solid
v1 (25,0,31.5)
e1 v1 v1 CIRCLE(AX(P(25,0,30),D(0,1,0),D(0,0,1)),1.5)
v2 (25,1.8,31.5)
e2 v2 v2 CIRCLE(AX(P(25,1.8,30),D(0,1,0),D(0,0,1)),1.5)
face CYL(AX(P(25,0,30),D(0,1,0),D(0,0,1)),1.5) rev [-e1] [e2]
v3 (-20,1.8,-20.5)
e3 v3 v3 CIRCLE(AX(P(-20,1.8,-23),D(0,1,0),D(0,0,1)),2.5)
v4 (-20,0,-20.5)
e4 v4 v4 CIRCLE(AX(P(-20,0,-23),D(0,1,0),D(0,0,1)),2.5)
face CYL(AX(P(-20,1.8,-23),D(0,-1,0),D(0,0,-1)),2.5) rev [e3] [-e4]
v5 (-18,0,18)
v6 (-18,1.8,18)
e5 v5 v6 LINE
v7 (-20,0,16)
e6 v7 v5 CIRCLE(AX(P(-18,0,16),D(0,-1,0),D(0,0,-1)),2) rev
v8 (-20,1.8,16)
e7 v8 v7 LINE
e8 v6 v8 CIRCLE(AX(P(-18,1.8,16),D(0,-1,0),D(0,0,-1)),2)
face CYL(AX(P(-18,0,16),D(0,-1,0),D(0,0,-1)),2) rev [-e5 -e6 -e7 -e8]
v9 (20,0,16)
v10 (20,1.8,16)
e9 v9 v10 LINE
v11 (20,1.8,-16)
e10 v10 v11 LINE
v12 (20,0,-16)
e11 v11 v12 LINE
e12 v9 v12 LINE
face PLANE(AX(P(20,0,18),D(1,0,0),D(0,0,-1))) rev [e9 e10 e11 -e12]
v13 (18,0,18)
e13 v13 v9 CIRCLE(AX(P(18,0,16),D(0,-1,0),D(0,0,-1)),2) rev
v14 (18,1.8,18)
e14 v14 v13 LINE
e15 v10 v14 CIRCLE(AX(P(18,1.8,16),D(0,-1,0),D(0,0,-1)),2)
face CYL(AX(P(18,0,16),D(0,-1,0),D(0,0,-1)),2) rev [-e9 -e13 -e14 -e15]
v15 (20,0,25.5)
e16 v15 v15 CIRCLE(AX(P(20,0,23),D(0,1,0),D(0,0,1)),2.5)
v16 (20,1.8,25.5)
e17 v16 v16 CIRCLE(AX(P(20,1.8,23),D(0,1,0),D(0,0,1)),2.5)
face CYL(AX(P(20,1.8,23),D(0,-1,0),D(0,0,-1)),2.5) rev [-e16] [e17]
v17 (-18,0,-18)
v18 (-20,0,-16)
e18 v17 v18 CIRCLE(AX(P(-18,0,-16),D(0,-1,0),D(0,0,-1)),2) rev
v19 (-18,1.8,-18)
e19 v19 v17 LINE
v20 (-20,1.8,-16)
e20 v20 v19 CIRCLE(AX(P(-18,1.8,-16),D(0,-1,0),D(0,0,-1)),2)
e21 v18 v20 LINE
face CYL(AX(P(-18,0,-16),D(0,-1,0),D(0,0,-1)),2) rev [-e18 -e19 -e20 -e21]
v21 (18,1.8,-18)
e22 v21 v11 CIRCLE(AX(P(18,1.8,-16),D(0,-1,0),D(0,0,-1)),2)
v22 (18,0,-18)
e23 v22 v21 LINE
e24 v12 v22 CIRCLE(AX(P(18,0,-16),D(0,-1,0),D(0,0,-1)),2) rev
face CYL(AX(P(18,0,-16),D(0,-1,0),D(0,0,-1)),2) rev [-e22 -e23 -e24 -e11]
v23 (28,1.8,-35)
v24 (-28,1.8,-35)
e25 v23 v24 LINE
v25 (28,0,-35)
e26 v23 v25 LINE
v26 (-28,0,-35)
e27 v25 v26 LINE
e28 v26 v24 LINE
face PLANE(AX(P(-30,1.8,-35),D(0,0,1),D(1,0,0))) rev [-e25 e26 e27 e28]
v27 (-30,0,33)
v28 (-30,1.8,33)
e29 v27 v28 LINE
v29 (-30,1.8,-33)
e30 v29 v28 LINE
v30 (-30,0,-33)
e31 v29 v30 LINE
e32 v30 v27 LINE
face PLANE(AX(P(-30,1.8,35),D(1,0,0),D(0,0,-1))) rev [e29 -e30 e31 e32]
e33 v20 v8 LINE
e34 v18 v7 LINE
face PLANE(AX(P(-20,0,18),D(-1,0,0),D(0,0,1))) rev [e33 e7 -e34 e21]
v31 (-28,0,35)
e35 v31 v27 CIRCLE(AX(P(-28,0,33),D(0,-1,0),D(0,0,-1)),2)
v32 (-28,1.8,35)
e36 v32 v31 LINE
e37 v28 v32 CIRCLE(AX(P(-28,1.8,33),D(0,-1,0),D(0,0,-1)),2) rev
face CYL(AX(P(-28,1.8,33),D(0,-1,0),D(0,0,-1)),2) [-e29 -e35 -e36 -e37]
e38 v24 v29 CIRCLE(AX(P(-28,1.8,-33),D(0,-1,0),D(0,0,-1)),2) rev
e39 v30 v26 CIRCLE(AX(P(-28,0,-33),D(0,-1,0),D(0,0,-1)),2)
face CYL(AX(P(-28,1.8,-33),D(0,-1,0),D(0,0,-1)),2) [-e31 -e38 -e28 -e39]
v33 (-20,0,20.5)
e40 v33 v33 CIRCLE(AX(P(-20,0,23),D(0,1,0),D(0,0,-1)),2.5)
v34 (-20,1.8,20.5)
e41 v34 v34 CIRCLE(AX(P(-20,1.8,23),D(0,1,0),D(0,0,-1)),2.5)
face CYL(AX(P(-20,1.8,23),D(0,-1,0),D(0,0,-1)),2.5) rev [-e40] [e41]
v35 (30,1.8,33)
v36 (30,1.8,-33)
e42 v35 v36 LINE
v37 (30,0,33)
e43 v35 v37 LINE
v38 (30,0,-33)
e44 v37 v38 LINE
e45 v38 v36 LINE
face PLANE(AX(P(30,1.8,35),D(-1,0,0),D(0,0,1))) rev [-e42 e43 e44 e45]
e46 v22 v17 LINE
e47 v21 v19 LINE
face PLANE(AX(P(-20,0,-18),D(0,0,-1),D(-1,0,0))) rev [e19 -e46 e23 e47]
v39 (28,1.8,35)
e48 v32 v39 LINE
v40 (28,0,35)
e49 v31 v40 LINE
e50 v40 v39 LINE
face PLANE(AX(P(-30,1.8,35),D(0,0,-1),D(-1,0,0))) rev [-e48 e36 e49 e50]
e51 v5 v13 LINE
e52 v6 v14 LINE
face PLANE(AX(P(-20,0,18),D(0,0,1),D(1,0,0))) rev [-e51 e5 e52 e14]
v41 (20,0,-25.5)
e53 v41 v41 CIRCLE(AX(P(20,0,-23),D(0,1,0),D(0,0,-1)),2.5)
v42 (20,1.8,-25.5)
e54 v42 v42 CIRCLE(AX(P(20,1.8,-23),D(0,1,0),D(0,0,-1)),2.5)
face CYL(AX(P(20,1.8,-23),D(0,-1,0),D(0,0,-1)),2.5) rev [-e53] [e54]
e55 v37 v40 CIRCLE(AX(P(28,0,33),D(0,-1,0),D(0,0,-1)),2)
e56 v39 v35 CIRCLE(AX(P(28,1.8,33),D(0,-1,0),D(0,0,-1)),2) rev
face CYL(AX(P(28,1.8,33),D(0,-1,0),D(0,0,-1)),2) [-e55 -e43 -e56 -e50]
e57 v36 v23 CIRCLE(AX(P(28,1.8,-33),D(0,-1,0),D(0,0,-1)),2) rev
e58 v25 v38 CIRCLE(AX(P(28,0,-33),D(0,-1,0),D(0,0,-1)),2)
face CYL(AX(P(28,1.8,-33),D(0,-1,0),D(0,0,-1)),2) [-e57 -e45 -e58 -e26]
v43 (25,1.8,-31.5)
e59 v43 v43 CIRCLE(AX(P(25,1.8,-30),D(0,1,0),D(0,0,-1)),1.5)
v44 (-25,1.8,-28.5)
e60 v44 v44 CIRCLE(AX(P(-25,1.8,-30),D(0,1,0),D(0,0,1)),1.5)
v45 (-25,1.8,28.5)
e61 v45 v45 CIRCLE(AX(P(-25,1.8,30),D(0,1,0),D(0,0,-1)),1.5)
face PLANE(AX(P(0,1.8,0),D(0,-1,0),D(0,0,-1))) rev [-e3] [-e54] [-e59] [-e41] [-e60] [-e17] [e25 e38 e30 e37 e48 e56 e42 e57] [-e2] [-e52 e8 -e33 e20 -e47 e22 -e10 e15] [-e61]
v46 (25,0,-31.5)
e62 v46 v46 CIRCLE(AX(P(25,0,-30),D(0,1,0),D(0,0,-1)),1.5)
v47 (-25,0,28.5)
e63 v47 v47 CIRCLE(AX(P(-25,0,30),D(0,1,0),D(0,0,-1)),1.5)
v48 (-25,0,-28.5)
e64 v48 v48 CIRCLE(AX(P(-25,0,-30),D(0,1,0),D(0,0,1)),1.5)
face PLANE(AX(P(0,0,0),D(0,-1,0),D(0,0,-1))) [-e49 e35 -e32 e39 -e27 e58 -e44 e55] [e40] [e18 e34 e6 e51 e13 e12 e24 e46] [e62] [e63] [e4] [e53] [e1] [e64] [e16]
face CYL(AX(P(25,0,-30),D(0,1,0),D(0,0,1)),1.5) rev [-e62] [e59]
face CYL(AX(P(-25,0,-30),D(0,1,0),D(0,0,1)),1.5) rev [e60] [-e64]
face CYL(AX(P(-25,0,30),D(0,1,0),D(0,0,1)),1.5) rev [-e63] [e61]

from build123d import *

# Parameters (mm, degrees)
SKETCH_1_W          = 60
SKETCH_1_H          = 70
SKETCH_1_R          = 2.5
EXTRUDE_1_DEPTH     = 1.8
SKETCH_2_R          = 1.5
SKETCH_2_W          = 40
SKETCH_2_H          = 36
CUT_EXTRUDE_1_DEPTH = 47.132851635
FILLET_1_R          = 2


with BuildPart() as part:
    # 草图1 → 凸台-拉伸1 (new body)
    with BuildSketch(Plane(origin=(0, 0, 0), x_dir=(1, 0, 0), z_dir=(0, 1, 0))):
        Rectangle(SKETCH_1_W, SKETCH_1_H)
        with Locations(Location((-20, 23, 0), (0, 0, 270))):
            Circle(SKETCH_1_R, mode=Mode.SUBTRACT)
        with Locations(Location((20, 23, 0), (0, 0, 90))):
            Circle(SKETCH_1_R, mode=Mode.SUBTRACT)
        with Locations(Location((20, -23, 0), (0, 0, 270))):
            Circle(SKETCH_1_R, mode=Mode.SUBTRACT)
        with Locations(Location((-20, -23, 0), (0, 0, 90))):
            Circle(SKETCH_1_R, mode=Mode.SUBTRACT)
    extrude(amount=EXTRUDE_1_DEPTH)

    # 草图2 → 切除-拉伸1 (cut, through all)
    with BuildSketch(Plane(origin=(0, 1.8, 0), x_dir=(1, 0, 0), z_dir=(0, 1, 0))):
        with Locations(Location((-25, 30, 0), (0, 0, 270))):
            Circle(SKETCH_2_R)
        with Locations(Location((25, 30, 0), (0, 0, 90))):
            Circle(SKETCH_2_R)
        with Locations(Location((25, -30, 0), (0, 0, 270))):
            Circle(SKETCH_2_R)
        with Locations(Location((-25, -30, 0), (0, 0, 90))):
            Circle(SKETCH_2_R)
        Rectangle(SKETCH_2_W, SKETCH_2_H)
    extrude(amount=-CUT_EXTRUDE_1_DEPTH, mode=Mode.SUBTRACT)

    # 圆角1
    fillet_1_edges = [part.edges().sort_by_distance(p)[0] for p in [
        (20, 0.9, -18),
        (20, 0.9, 18),
        (-20, 0.9, 18),
        (-20, 0.9, -18),
        (30, 0.9, 35),
        (-30, 0.9, 35),
        (-30, 0.9, -35),
        (30, 0.9, -35),
    ]]
    fillet(fillet_1_edges, radius=FILLET_1_R)


solid = part.part
